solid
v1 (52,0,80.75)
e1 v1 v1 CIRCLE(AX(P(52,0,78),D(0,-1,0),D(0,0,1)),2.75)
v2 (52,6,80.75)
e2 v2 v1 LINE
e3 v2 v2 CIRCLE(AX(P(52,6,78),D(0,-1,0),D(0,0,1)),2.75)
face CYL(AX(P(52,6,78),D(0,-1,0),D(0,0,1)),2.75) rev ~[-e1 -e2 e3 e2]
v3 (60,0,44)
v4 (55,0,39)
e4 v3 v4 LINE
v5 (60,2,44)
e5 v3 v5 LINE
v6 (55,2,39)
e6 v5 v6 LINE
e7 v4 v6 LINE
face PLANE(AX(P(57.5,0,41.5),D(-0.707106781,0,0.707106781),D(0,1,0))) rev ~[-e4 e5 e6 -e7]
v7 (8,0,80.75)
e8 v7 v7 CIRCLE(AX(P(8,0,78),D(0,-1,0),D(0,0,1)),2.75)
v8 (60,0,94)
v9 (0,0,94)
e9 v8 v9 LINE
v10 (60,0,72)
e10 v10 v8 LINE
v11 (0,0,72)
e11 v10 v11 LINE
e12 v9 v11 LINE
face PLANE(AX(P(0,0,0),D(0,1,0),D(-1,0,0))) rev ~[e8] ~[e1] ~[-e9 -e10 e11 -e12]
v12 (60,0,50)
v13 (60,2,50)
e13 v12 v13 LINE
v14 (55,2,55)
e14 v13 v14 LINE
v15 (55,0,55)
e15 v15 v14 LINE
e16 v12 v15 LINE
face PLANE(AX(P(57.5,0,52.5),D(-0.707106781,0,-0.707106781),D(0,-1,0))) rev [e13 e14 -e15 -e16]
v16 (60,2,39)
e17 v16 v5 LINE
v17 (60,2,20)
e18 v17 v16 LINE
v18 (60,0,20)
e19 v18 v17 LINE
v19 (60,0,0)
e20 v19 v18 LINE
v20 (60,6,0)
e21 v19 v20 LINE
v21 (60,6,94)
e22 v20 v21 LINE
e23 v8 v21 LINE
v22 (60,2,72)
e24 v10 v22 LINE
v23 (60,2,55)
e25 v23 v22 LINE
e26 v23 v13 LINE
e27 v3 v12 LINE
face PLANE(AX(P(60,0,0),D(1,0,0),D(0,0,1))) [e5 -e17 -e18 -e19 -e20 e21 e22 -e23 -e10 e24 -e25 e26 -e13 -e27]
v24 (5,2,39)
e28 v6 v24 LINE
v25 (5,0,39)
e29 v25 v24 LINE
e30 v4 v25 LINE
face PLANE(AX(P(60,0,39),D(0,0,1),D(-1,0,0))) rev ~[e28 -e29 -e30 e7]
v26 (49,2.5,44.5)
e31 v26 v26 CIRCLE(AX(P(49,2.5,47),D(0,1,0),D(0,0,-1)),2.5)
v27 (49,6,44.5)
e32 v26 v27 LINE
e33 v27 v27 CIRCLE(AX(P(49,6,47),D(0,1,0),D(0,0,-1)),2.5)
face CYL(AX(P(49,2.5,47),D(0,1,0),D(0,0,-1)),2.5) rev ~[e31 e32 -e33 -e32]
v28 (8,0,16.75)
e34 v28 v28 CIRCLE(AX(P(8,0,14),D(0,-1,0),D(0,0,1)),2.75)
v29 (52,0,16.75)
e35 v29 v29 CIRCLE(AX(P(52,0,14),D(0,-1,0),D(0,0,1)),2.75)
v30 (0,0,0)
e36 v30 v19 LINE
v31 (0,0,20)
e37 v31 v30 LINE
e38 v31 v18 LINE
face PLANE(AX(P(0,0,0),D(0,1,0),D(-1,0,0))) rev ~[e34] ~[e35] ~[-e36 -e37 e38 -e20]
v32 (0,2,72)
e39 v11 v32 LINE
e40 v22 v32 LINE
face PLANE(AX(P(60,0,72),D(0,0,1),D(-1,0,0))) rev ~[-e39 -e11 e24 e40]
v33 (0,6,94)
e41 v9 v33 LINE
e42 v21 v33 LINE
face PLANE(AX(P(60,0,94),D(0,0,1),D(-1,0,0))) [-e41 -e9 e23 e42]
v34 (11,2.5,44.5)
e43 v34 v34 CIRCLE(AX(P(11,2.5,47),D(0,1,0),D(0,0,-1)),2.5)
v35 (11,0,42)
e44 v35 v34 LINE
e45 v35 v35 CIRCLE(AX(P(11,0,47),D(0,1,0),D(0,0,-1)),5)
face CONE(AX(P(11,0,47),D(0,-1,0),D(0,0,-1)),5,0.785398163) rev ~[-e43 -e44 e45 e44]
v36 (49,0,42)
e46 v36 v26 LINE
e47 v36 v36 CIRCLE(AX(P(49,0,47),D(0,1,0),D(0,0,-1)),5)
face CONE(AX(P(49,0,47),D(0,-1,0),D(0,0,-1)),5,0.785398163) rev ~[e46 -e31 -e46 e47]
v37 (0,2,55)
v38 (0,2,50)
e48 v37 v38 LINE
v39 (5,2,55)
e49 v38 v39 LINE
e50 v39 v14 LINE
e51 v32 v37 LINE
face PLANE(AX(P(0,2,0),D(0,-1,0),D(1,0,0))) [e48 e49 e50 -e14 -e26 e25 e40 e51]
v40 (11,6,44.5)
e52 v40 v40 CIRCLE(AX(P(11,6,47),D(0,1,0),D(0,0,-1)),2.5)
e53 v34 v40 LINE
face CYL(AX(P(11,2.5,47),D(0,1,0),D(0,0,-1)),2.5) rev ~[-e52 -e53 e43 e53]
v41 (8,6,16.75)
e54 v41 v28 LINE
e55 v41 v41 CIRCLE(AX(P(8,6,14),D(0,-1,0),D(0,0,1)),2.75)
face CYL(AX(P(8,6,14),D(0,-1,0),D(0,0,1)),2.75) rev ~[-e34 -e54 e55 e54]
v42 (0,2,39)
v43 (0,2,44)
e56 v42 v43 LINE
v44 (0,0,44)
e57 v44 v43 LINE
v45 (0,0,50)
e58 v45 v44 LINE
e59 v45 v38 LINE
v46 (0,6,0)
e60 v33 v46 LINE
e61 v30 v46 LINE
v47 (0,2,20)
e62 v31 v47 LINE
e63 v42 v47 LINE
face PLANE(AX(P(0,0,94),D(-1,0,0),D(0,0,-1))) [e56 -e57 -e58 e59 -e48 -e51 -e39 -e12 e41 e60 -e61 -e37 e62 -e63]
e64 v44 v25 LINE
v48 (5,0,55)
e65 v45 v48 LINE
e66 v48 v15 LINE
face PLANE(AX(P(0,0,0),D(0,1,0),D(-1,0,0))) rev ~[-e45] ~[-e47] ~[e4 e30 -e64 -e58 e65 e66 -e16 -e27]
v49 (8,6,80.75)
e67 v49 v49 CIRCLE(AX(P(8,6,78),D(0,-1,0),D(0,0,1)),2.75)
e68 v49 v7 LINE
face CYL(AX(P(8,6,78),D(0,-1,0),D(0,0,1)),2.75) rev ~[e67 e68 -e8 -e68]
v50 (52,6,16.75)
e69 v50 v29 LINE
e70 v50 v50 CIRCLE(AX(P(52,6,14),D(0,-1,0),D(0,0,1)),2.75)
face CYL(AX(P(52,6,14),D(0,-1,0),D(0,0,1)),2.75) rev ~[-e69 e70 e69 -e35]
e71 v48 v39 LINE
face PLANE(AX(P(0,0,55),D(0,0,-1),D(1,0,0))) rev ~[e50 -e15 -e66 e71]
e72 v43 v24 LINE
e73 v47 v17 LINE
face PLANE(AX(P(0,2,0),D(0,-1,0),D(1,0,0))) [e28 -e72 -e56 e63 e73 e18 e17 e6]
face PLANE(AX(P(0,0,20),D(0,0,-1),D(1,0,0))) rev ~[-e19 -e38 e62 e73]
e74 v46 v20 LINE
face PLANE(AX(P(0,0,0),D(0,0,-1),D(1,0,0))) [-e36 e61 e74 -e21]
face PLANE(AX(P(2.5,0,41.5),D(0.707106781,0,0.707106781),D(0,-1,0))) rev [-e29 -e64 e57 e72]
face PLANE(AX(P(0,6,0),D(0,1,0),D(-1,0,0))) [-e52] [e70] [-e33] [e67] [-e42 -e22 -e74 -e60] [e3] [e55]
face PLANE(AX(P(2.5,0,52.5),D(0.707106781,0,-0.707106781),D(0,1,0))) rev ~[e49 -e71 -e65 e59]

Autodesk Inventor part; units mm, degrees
ref_plane "YZ Plane" through (0, 0, 0) normal (1, 0, 0) x (0, 1, 0)
ref_plane "XZ Plane" through (0, 0, 0) normal (0, 1, 0) x (-1, 0, 0)
ref_plane "XY Plane" through (0, 0, 0) normal (0, 0, 1) x (1, 0, 0)
sketch "Esquisse1" plane through (0, 0, 0) normal (0, 1, 0) x (-1, 0, 0)
  line L0 (0, 0) -> (-60, 0)
  line L1 (-60, 0) -> (-60, 94)
  line L2 (-60, 94) -> (0, 94)
  line L3 (0, 94) -> (0, 0)
  dimension "d0" = 60
  dimension "d1" = 94
extrude "Extrusion1" add sketch "Esquisse1" along normal blind 6
sketch "Esquisse2" plane through (0, 6, 0) normal (0, 1, 0) x (1, 0, 0)
  line L0 (0, -94) -> (60, -94) projected
  line L1 (60, 0) -> (0, 0) projected
  line L2 (0, 0) -> (0, -94) projected
  line L3 (60, -94) -> (60, 0) projected
  point P0 (8, -78)
  point P1 (52, -78)
  point P2 (52, -14)
  point P3 (8, -14)
  dimension "d4" = 16
  dimension "d5" = 14
  dimension "d6" = 8
  dimension "d7" = 8
hole "Perçage1" at (8, 6, 78) at (52, 6, 78) at (52, 6, 14) at (8, 6, 14) direction (0, -1, 0) diameter 5.5 end through all clearance for "Vis d'assemblage à tête hexagonale ISO 24017" size "M5" standard "ISO"
sketch "Esquisse4" plane through (0, 0, 0) normal (0, -1, 0) x (1, 0, 0)
  line L0 (0, 94) -> (0, 0) projected
  line L1 (60, 0) -> (60, 94) projected
  point P0 (11, 47)
  point P1 (49, 47)
  point P2 (0, 47)
  dimension "d15" = 11
  dimension "d16" = 11
hole "Perçage2" at (11, 0, 47) at (49, 0, 47) direction (0, 1, 0) diameter 5 end through all countersink diameter 10 countersink angle 90
sketch "Esquisse5" plane through (0, 0, 0) normal (0, -1, 0) x (1, 0, 0)
  circle A0 centre (11, 47) radius 5 projected
  circle A1 centre (49, 47) radius 5 projected
  circle A2 centre (52, 14) radius 2.75 projected
  circle A3 centre (8, 78) radius 2.75 projected
  circle A4 centre (52, 78) radius 2.75 projected
  circle A5 centre (8, 14) radius 2.75 projected
  line L0 (0, 0) -> (60, 0) projected
  line L1 (60, 0) -> (60, 94) projected
  line L2 (60, 94) -> (0, 94) projected
  line L3 (0, 94) -> (0, 0) projected
  line L4 (60, 0) -> (60, 94) projected
  line L5 (60, 72) -> (0, 72)
  line L6 (0, 72) -> (0, 55)
  line L7 (0, 55) -> (60, 55)
  line L8 (60, 55) -> (60, 72)
  line L9 (60, 39) -> (0, 39)
  line L10 (0, 39) -> (0, 20)
  line L11 (0, 20) -> (60, 20)
  line L12 (60, 20) -> (60, 39)
  dimension "d24" = 6
  dimension "d25" = 6
  dimension "d26" = 8
  dimension "d27" = 8
extrude "Extrusion2" cut sketch "Esquisse5" against normal blind 2 contours L3 L9 L1 L11 | L3 L5 L1 L7
chamfer "Chanfrein1" distance 5 angle 45 4 edges at (0, 1, 39) (0, 1, 55) (60, 1, 39) (60, 1, 55)
equation "\"d16\" = d15"
equation "\"d25\" = d24"
equation "\"d27\" = d26"
properties part number "attache_exterieur"
